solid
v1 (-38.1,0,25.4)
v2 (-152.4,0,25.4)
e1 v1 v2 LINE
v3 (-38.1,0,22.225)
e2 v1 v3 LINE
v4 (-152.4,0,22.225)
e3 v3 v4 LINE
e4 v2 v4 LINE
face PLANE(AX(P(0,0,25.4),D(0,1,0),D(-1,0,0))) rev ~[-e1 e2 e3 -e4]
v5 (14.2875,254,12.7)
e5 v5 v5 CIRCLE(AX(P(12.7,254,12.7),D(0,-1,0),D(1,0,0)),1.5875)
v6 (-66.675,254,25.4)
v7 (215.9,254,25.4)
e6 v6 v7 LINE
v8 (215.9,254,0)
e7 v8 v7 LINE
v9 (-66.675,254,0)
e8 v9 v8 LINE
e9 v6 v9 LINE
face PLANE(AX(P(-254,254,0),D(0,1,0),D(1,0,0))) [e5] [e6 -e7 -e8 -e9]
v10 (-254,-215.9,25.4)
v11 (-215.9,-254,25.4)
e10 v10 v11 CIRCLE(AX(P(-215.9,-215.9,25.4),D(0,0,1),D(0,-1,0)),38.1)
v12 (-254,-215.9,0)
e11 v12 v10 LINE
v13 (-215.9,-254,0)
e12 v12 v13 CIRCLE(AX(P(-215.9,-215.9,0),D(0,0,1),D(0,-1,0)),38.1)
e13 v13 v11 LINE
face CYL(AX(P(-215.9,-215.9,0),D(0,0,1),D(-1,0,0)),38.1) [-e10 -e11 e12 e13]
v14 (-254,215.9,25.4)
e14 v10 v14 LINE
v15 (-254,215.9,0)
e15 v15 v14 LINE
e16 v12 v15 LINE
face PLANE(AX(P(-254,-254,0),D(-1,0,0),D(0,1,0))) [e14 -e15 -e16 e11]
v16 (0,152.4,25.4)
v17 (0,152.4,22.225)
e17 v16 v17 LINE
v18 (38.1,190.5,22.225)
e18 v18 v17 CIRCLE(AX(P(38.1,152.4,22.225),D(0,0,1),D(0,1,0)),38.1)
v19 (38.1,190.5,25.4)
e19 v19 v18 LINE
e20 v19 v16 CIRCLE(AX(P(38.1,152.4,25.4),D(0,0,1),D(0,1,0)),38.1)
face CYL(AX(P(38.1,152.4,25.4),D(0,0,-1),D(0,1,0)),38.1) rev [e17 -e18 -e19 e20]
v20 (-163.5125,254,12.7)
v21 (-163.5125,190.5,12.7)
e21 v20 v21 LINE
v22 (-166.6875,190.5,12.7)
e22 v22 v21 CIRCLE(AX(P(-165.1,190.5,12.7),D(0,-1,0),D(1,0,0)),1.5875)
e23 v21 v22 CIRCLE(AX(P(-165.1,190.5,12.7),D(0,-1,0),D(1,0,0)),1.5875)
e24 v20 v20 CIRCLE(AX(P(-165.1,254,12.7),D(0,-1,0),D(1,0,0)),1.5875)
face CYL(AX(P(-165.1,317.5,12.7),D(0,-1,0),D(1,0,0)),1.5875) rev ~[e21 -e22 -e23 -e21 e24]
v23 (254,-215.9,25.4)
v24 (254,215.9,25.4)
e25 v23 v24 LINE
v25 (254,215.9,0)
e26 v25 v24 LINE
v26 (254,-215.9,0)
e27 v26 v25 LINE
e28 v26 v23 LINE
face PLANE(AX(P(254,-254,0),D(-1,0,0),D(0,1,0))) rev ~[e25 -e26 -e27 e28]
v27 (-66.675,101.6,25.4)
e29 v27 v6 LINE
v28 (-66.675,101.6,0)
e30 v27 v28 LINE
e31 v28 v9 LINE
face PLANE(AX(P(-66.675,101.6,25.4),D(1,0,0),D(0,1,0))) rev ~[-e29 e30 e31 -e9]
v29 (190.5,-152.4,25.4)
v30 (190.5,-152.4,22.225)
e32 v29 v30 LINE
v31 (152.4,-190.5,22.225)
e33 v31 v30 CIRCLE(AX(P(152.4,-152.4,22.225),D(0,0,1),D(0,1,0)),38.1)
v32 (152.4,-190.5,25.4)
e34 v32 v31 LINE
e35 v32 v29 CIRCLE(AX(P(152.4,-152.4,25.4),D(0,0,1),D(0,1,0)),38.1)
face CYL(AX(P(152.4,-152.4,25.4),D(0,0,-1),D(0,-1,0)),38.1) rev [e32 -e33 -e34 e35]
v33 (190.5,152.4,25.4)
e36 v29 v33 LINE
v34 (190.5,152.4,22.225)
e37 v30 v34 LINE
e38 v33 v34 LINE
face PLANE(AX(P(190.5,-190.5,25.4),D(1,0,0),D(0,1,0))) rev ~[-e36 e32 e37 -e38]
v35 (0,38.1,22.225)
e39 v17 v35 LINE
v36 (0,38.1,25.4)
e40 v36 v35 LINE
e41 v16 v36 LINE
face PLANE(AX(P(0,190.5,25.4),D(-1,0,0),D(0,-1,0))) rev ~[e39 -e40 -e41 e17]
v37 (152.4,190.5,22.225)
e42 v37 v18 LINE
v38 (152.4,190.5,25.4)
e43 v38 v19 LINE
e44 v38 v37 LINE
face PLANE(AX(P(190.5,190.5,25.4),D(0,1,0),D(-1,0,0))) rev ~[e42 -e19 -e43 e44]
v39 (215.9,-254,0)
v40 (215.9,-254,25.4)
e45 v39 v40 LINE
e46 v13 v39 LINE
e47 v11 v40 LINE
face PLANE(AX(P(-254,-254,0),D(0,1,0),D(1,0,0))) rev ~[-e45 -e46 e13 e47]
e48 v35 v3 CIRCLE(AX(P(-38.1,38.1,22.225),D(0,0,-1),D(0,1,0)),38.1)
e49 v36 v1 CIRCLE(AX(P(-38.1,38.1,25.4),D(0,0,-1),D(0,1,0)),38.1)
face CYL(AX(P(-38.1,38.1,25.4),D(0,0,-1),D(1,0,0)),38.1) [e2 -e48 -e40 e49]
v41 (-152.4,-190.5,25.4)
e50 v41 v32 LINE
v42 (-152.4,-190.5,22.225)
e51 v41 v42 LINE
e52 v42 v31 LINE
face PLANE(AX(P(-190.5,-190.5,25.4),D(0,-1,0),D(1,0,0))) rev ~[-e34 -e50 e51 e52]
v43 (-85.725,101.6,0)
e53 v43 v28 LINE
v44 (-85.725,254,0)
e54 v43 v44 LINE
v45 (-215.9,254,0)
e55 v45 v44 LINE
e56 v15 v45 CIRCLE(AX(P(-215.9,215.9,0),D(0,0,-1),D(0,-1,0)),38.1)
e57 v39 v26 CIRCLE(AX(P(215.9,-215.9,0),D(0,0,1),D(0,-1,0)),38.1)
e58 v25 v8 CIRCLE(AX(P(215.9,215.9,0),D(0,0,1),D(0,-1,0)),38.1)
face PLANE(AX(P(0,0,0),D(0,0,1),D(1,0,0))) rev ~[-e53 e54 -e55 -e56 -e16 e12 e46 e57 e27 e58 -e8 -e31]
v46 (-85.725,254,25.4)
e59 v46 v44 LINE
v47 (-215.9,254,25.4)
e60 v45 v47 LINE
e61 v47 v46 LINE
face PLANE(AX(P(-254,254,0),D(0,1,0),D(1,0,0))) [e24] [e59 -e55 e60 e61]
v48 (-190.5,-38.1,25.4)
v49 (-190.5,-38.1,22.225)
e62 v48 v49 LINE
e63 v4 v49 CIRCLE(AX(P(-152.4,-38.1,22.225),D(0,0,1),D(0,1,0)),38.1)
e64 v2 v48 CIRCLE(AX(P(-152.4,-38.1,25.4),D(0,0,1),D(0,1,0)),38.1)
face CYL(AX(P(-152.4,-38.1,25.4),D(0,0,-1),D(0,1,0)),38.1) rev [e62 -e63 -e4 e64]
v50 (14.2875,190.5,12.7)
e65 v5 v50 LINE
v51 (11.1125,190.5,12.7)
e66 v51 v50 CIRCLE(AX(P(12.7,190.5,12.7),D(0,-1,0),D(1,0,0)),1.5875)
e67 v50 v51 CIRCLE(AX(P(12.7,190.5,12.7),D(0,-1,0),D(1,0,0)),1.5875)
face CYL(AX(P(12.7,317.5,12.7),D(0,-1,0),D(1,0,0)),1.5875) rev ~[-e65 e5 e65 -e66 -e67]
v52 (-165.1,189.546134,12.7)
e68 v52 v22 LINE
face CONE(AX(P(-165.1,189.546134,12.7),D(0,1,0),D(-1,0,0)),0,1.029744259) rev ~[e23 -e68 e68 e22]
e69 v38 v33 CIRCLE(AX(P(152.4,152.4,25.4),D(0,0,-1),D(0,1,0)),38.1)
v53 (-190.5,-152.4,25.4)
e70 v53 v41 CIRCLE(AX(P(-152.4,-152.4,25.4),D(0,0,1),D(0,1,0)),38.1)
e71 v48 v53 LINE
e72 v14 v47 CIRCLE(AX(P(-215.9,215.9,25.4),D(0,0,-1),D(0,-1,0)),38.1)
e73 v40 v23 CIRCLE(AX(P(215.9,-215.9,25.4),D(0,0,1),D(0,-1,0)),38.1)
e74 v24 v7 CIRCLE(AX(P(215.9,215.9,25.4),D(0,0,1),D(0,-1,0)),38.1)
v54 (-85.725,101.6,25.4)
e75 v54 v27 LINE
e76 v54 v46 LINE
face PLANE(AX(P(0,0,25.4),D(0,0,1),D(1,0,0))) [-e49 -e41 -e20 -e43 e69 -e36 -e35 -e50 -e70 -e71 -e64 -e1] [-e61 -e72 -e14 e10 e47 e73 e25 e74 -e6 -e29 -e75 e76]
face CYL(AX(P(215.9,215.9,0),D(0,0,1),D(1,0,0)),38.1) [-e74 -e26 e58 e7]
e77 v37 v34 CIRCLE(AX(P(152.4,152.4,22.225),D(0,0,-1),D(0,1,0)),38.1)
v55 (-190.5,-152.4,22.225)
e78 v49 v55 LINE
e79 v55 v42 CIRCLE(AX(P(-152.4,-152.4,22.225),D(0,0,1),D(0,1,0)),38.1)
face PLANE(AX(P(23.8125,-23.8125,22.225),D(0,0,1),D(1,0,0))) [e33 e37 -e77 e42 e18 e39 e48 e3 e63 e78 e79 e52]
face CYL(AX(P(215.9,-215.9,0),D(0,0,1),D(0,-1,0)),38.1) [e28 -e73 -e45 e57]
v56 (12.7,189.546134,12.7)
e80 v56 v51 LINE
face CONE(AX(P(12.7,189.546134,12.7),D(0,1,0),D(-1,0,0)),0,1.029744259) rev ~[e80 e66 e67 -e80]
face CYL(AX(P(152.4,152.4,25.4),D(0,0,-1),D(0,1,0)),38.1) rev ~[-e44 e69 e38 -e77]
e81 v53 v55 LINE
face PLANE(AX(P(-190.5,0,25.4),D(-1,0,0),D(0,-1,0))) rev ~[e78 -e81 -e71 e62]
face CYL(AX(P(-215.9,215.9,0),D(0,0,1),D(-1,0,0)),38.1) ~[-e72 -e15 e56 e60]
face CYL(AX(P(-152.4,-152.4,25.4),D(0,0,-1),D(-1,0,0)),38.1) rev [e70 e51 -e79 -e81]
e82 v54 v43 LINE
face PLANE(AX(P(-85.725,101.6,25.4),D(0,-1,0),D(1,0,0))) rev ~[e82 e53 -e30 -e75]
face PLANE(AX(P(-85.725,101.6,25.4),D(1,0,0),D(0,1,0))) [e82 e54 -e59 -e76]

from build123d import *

# Parameters (mm, degrees)
F6_W     = 508
F6_H     = 508
F7_DEPTH = 25.4
F8_W     = 19.05
F8_H     = 152.4
F9_DEPTH = 25.4
F0_R     = 38.1
F2_DEPTH = 3.175
F3_R     = 38.1
F5_D     = 3.175
F5_DEPTH = 63.5
F5_TIP   = 0.9538662327


with BuildPart() as f7:
    # F6 (on Top) → F7 (new body)
    with BuildSketch(Plane.XY):
        Rectangle(F6_W, F6_H)
    extrude(amount=F7_DEPTH)

    # F8 (on face) → F9 (cut)
    with BuildSketch(Plane.XY.offset(25.4)):
        with Locations((-76.2, 177.8)):
            Rectangle(F8_W, F8_H)
    extrude(amount=-F9_DEPTH, mode=Mode.SUBTRACT)

    # F0
    f0_edges = [f7.edges().sort_by_distance(p)[0] for p in [
        (254, -254, 12.7),
        (254, 254, 12.7),
        (-254, 254, 12.7),
        (-254, -254, 12.7),
    ]]
    fillet(f0_edges, radius=F0_R)

    # F1 (on face) → F2 (cut)
    with BuildSketch(Plane.XY.offset(25.4)):
        Polygon((190.5, 190.5), (0, 190.5), (0, 0), (-190.5, 0), (-190.5, -190.5), (190.5, -190.5), align=None)
    extrude(amount=-F2_DEPTH, mode=Mode.SUBTRACT)

    # F3
    f3_edges = [f7.edges().sort_by_distance(p)[0] for p in [
        (0, 0, 23.8125),
        (0, 190.5, 23.8125),
        (190.5, 190.5, 23.8125),
        (-190.5, -190.5, 23.8125),
        (190.5, -190.5, 23.8125),
        (-190.5, 0, 23.8125),
    ]]
    fillet(f3_edges, radius=F3_R)

    # F5
    with Locations(Plane(origin=(0, 254, 0), x_dir=(-1, 0, 0), z_dir=(0, 1, 0))):
        with Locations((-12.7, 12.7), (165.1, 12.7)):
            Hole(F5_D / 2, depth=F5_DEPTH)
            with Locations((0, 0, -(F5_DEPTH + F5_TIP / 2))):  # 118° drill point
                Cone(0, F5_D / 2, F5_TIP, mode=Mode.SUBTRACT)


solid = f7.part
